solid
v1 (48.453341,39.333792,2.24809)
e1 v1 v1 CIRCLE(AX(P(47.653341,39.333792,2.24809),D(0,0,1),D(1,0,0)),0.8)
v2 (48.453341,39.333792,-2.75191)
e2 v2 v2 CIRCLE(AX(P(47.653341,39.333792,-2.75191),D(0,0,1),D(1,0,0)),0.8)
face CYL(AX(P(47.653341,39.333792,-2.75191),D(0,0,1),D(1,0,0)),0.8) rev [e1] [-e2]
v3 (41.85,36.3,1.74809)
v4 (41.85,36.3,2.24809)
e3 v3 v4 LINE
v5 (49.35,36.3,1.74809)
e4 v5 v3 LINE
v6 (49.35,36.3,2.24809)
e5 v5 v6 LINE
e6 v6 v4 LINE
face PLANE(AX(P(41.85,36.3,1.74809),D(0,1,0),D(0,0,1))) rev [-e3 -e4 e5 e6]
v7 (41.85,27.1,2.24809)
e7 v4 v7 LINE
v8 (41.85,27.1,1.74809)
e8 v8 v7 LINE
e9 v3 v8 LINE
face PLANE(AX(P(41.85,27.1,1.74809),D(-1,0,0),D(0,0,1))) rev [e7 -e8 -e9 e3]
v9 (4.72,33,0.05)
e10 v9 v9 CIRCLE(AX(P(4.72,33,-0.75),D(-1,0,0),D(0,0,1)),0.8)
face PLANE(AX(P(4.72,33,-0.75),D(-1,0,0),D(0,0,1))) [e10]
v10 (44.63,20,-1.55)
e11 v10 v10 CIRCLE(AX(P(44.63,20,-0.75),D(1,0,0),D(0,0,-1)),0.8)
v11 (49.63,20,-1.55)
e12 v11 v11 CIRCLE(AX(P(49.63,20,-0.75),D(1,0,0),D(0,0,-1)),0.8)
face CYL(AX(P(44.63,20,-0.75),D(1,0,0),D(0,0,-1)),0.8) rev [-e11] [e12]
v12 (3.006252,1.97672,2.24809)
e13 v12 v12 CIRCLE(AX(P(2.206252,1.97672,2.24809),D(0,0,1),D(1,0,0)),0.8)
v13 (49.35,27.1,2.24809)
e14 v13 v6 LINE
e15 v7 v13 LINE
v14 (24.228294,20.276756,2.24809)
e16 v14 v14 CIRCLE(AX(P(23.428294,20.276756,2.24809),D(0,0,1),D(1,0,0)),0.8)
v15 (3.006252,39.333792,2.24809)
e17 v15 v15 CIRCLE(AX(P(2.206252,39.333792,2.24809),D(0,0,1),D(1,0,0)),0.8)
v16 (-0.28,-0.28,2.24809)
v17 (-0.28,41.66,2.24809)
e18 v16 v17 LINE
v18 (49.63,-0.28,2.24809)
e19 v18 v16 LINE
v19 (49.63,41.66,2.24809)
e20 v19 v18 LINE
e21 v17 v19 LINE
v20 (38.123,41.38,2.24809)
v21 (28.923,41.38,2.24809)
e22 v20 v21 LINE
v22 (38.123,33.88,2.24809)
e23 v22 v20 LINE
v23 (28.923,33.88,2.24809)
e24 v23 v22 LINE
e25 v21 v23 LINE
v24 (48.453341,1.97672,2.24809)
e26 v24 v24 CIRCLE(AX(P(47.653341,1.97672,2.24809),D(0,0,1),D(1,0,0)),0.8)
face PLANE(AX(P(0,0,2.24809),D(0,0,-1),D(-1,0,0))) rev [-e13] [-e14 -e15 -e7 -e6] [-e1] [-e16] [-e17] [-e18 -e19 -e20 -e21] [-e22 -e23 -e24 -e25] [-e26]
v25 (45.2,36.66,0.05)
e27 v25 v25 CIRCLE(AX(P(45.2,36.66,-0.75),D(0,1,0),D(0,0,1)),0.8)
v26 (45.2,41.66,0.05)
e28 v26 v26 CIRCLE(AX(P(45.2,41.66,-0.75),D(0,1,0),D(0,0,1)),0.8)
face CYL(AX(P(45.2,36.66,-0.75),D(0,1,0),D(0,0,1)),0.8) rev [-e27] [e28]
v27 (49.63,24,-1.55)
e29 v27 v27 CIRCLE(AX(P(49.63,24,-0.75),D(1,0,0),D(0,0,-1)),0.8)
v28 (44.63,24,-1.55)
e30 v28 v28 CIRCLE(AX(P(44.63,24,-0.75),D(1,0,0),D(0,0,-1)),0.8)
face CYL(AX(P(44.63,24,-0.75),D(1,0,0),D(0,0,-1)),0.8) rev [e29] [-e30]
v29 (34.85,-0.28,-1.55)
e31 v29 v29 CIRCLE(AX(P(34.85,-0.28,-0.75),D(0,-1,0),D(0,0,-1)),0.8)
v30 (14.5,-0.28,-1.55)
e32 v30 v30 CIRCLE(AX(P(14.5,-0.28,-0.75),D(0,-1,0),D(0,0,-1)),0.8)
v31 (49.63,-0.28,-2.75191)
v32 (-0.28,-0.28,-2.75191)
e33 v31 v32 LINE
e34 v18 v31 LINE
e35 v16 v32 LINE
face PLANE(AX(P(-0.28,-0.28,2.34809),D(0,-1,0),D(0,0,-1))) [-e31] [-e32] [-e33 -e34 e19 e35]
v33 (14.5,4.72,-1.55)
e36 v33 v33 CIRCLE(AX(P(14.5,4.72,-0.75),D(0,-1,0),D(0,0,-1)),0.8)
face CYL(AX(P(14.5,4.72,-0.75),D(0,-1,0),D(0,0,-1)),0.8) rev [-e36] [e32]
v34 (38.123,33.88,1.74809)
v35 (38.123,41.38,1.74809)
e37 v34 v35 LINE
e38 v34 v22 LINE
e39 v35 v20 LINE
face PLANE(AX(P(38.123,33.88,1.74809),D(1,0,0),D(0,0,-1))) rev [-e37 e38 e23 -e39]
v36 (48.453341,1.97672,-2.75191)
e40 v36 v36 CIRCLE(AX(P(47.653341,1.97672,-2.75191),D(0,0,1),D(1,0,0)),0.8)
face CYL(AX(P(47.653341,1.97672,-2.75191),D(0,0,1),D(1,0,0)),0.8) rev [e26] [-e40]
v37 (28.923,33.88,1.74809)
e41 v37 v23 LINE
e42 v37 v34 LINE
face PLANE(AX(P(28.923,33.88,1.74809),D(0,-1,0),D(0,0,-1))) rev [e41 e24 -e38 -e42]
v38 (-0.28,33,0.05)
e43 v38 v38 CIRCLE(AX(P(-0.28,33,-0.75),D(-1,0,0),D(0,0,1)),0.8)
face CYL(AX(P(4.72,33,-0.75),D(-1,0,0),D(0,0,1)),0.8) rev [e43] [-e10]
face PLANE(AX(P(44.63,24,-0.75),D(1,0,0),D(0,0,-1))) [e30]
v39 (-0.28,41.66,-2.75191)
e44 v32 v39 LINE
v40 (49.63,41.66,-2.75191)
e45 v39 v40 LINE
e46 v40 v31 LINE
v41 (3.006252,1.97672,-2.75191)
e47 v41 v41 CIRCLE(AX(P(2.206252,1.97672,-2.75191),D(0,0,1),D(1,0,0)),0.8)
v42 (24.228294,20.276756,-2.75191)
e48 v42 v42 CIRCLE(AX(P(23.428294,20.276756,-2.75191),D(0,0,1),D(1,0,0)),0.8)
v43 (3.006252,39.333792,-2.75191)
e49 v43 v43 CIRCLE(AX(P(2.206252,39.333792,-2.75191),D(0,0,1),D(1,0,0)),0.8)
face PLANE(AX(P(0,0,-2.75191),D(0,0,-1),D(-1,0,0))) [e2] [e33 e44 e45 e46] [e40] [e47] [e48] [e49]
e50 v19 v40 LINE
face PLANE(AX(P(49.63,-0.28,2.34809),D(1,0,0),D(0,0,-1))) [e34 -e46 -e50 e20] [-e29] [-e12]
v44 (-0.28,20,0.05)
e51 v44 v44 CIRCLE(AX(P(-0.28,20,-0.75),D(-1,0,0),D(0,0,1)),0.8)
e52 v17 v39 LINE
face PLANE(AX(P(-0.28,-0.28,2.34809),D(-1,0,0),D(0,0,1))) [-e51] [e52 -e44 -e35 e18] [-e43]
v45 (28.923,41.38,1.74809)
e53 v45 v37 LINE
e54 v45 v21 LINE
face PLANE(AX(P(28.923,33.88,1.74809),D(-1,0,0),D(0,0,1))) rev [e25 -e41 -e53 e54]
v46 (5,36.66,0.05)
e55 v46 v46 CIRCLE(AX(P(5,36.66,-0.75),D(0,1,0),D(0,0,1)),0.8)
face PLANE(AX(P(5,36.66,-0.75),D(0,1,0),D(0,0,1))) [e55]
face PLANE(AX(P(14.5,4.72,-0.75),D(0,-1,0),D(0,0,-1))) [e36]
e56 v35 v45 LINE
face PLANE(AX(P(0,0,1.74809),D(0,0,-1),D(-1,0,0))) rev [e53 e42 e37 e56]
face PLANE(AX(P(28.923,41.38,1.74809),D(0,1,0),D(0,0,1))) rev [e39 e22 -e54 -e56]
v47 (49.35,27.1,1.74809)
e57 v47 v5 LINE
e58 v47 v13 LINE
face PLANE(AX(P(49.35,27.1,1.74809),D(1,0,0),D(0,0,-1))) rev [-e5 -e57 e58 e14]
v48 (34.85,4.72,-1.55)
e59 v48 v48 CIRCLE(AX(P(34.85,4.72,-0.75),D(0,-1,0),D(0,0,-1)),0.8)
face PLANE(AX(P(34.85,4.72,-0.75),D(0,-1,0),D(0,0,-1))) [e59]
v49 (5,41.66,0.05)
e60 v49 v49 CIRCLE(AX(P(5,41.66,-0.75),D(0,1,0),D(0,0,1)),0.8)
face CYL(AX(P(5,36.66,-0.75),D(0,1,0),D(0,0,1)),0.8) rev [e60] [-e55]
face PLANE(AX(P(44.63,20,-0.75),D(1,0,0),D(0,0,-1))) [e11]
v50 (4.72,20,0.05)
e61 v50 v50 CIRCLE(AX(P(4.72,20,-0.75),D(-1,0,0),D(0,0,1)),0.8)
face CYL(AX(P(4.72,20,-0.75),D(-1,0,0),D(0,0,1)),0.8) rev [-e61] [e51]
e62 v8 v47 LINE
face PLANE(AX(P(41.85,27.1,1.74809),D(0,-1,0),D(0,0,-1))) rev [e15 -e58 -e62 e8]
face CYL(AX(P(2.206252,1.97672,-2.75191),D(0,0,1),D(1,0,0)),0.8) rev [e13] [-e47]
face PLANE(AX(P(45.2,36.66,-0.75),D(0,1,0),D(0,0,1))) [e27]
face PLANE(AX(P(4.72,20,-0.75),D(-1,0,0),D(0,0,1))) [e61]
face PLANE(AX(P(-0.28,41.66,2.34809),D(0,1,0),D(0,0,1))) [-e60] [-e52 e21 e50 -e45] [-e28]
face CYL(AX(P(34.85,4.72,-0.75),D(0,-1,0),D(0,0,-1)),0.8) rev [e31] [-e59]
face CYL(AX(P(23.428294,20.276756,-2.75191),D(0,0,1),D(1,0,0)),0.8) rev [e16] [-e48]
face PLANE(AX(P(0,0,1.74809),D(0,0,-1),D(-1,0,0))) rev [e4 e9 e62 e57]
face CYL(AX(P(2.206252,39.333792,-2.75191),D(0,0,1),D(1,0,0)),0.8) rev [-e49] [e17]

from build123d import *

# Parameters (mm, degrees)
MAIN_STOCK_START                   = -2.751909566
SKETCH_1_W                         = 57.95
SKETCH_1_H                         = 49.98
MAIN_STOCK_DEPTH                   = 5
SKETCH_3_R                         = 0.8
PCB_5XD1P6_M2_THROUGH_DEPTH        = 71.63982517
SKETCH_10_W                        = 7.5
SKETCH_10_H                        = 9.2
TYPEC_BOTTOM_RECESS_A_DEPTH        = 0.5
SKETCH_11_W                        = 9.2
SKETCH_11_H                        = 7.5
TYPEC_BOTTOM_RECESS_B_DEPTH        = 0.5
SKETCH_12_W                        = 62
SKETCH_12_H                        = 54
SKETCH_12_W_2                      = 49.91
SKETCH_12_H_2                      = 41.94
INSET_BASE_PERIMETER_DEPTH         = 5.1
SKETCH_13_R                        = 0.8
HORIZONTAL_BASE_M2_0_0_00028_DEPTH = 5
HORIZONTAL_BASE_M2_0_0_04963_START = -5
SKETCH_14_R                        = 0.8
HORIZONTAL_BASE_M2_0_0_04963_DEPTH = 5
SKETCH_15_R                        = 0.8
HORIZONTAL_BASE_M2_1_0_00028_DEPTH = 5
SKETCH_16_R                        = 0.8
HORIZONTAL_BASE_M2_1_0_04166_DEPTH = 5


with BuildPart() as part:
    # 草图1 → Main_Stock (new body)
    with BuildSketch(Plane.XY.offset(MAIN_STOCK_START)):
        with Locations((24.675, 20.69)):
            Rectangle(SKETCH_1_W, SKETCH_1_H)
    extrude(amount=MAIN_STOCK_DEPTH)

    # 草图3 → PCB_5xD1p6_M2_Through (cut, through all)
    with BuildSketch(Plane.XY.offset(2.248090434)):
        with Locations((23.428293927, 20.276755792)):
            Circle(SKETCH_3_R)
        with Locations((2.206251763, 39.333791606)):
            Circle(SKETCH_3_R)
        with Locations((47.653340917, 39.333791606)):
            Circle(SKETCH_3_R)
        with Locations((47.653340917, 1.976720232)):
            Circle(SKETCH_3_R)
        with Locations((2.206251763, 1.976720232)):
            Circle(SKETCH_3_R)
    extrude(amount=-PCB_5XD1P6_M2_THROUGH_DEPTH, mode=Mode.SUBTRACT)

    # 草图10 → TypeC_Bottom_Recess_A (cut)
    with BuildSketch(Plane.XY.offset(2.248090434)):
        with Locations((45.6, 31.7)):
            Rectangle(SKETCH_10_W, SKETCH_10_H)
    extrude(amount=-TYPEC_BOTTOM_RECESS_A_DEPTH, mode=Mode.SUBTRACT)

    # 草图11 → TypeC_Bottom_Recess_B (cut)
    with BuildSketch(Plane.XY.offset(2.248090434)):
        with Locations((33.523, 37.63)):
            Rectangle(SKETCH_11_W, SKETCH_11_H)
    extrude(amount=-TYPEC_BOTTOM_RECESS_B_DEPTH, mode=Mode.SUBTRACT)

    # 草图12 → Inset_Base_Perimeter (cut)
    with BuildSketch(Plane(origin=(0, 0, -2.751909566), x_dir=(-1, 0, 0), z_dir=(0, 0, -1))):
        with Locations((-25, 21)):
            Rectangle(SKETCH_12_W, SKETCH_12_H)
        with Locations((-24.675, 20.69)):
            Rectangle(SKETCH_12_W_2, SKETCH_12_H_2, mode=Mode.SUBTRACT)
    extrude(amount=-INSET_BASE_PERIMETER_DEPTH, mode=Mode.SUBTRACT)

    # 草图13 → Horizontal_Base_M2_0_-0.00028 (cut)
    with BuildSketch(Plane.ZY.offset(0.28)):
        with Locations((-0.75, 20)):
            Circle(SKETCH_13_R)
        with Locations((-0.75, 33)):
            Circle(SKETCH_13_R)
    extrude(amount=-HORIZONTAL_BASE_M2_0_0_00028_DEPTH, mode=Mode.SUBTRACT)

    # 草图14 → Horizontal_Base_M2_0_0.04963 (cut)
    with BuildSketch(Plane(origin=(49.63, 0, 0), x_dir=(0, 0, -1), z_dir=(1, 0, 0)).offset(HORIZONTAL_BASE_M2_0_0_04963_START)):
        with Locations(Location((0.75, 20, 0), (0, 0, 180))):
            Circle(SKETCH_14_R)
        with Locations((0.75, 24)):
            Circle(SKETCH_14_R)
    extrude(amount=HORIZONTAL_BASE_M2_0_0_04963_DEPTH, mode=Mode.SUBTRACT)

    # 草图15 → Horizontal_Base_M2_1_-0.00028 (cut)
    with BuildSketch(Plane.XZ.offset(0.28)):
        with Locations(Location((14.5, -0.75, 0), (0, 0, 270))):
            Circle(SKETCH_15_R)
        with Locations(Location((34.85, -0.75, 0), (0, 0, 270))):
            Circle(SKETCH_15_R)
    extrude(amount=-HORIZONTAL_BASE_M2_1_0_00028_DEPTH, mode=Mode.SUBTRACT)

    # 草图16 → Horizontal_Base_M2_1_0.04166 (cut)
    with BuildSketch(Plane(origin=(0, 41.66, 0), x_dir=(1, 0, 0), z_dir=(0, 1, 0))):
        with Locations(Location((5, 0.75, 0), (0, 0, 270))):
            Circle(SKETCH_16_R)
        with Locations(Location((45.2, 0.75, 0), (0, 0, 270))):
            Circle(SKETCH_16_R)
    extrude(amount=-HORIZONTAL_BASE_M2_1_0_04166_DEPTH, mode=Mode.SUBTRACT)


solid = part.part
